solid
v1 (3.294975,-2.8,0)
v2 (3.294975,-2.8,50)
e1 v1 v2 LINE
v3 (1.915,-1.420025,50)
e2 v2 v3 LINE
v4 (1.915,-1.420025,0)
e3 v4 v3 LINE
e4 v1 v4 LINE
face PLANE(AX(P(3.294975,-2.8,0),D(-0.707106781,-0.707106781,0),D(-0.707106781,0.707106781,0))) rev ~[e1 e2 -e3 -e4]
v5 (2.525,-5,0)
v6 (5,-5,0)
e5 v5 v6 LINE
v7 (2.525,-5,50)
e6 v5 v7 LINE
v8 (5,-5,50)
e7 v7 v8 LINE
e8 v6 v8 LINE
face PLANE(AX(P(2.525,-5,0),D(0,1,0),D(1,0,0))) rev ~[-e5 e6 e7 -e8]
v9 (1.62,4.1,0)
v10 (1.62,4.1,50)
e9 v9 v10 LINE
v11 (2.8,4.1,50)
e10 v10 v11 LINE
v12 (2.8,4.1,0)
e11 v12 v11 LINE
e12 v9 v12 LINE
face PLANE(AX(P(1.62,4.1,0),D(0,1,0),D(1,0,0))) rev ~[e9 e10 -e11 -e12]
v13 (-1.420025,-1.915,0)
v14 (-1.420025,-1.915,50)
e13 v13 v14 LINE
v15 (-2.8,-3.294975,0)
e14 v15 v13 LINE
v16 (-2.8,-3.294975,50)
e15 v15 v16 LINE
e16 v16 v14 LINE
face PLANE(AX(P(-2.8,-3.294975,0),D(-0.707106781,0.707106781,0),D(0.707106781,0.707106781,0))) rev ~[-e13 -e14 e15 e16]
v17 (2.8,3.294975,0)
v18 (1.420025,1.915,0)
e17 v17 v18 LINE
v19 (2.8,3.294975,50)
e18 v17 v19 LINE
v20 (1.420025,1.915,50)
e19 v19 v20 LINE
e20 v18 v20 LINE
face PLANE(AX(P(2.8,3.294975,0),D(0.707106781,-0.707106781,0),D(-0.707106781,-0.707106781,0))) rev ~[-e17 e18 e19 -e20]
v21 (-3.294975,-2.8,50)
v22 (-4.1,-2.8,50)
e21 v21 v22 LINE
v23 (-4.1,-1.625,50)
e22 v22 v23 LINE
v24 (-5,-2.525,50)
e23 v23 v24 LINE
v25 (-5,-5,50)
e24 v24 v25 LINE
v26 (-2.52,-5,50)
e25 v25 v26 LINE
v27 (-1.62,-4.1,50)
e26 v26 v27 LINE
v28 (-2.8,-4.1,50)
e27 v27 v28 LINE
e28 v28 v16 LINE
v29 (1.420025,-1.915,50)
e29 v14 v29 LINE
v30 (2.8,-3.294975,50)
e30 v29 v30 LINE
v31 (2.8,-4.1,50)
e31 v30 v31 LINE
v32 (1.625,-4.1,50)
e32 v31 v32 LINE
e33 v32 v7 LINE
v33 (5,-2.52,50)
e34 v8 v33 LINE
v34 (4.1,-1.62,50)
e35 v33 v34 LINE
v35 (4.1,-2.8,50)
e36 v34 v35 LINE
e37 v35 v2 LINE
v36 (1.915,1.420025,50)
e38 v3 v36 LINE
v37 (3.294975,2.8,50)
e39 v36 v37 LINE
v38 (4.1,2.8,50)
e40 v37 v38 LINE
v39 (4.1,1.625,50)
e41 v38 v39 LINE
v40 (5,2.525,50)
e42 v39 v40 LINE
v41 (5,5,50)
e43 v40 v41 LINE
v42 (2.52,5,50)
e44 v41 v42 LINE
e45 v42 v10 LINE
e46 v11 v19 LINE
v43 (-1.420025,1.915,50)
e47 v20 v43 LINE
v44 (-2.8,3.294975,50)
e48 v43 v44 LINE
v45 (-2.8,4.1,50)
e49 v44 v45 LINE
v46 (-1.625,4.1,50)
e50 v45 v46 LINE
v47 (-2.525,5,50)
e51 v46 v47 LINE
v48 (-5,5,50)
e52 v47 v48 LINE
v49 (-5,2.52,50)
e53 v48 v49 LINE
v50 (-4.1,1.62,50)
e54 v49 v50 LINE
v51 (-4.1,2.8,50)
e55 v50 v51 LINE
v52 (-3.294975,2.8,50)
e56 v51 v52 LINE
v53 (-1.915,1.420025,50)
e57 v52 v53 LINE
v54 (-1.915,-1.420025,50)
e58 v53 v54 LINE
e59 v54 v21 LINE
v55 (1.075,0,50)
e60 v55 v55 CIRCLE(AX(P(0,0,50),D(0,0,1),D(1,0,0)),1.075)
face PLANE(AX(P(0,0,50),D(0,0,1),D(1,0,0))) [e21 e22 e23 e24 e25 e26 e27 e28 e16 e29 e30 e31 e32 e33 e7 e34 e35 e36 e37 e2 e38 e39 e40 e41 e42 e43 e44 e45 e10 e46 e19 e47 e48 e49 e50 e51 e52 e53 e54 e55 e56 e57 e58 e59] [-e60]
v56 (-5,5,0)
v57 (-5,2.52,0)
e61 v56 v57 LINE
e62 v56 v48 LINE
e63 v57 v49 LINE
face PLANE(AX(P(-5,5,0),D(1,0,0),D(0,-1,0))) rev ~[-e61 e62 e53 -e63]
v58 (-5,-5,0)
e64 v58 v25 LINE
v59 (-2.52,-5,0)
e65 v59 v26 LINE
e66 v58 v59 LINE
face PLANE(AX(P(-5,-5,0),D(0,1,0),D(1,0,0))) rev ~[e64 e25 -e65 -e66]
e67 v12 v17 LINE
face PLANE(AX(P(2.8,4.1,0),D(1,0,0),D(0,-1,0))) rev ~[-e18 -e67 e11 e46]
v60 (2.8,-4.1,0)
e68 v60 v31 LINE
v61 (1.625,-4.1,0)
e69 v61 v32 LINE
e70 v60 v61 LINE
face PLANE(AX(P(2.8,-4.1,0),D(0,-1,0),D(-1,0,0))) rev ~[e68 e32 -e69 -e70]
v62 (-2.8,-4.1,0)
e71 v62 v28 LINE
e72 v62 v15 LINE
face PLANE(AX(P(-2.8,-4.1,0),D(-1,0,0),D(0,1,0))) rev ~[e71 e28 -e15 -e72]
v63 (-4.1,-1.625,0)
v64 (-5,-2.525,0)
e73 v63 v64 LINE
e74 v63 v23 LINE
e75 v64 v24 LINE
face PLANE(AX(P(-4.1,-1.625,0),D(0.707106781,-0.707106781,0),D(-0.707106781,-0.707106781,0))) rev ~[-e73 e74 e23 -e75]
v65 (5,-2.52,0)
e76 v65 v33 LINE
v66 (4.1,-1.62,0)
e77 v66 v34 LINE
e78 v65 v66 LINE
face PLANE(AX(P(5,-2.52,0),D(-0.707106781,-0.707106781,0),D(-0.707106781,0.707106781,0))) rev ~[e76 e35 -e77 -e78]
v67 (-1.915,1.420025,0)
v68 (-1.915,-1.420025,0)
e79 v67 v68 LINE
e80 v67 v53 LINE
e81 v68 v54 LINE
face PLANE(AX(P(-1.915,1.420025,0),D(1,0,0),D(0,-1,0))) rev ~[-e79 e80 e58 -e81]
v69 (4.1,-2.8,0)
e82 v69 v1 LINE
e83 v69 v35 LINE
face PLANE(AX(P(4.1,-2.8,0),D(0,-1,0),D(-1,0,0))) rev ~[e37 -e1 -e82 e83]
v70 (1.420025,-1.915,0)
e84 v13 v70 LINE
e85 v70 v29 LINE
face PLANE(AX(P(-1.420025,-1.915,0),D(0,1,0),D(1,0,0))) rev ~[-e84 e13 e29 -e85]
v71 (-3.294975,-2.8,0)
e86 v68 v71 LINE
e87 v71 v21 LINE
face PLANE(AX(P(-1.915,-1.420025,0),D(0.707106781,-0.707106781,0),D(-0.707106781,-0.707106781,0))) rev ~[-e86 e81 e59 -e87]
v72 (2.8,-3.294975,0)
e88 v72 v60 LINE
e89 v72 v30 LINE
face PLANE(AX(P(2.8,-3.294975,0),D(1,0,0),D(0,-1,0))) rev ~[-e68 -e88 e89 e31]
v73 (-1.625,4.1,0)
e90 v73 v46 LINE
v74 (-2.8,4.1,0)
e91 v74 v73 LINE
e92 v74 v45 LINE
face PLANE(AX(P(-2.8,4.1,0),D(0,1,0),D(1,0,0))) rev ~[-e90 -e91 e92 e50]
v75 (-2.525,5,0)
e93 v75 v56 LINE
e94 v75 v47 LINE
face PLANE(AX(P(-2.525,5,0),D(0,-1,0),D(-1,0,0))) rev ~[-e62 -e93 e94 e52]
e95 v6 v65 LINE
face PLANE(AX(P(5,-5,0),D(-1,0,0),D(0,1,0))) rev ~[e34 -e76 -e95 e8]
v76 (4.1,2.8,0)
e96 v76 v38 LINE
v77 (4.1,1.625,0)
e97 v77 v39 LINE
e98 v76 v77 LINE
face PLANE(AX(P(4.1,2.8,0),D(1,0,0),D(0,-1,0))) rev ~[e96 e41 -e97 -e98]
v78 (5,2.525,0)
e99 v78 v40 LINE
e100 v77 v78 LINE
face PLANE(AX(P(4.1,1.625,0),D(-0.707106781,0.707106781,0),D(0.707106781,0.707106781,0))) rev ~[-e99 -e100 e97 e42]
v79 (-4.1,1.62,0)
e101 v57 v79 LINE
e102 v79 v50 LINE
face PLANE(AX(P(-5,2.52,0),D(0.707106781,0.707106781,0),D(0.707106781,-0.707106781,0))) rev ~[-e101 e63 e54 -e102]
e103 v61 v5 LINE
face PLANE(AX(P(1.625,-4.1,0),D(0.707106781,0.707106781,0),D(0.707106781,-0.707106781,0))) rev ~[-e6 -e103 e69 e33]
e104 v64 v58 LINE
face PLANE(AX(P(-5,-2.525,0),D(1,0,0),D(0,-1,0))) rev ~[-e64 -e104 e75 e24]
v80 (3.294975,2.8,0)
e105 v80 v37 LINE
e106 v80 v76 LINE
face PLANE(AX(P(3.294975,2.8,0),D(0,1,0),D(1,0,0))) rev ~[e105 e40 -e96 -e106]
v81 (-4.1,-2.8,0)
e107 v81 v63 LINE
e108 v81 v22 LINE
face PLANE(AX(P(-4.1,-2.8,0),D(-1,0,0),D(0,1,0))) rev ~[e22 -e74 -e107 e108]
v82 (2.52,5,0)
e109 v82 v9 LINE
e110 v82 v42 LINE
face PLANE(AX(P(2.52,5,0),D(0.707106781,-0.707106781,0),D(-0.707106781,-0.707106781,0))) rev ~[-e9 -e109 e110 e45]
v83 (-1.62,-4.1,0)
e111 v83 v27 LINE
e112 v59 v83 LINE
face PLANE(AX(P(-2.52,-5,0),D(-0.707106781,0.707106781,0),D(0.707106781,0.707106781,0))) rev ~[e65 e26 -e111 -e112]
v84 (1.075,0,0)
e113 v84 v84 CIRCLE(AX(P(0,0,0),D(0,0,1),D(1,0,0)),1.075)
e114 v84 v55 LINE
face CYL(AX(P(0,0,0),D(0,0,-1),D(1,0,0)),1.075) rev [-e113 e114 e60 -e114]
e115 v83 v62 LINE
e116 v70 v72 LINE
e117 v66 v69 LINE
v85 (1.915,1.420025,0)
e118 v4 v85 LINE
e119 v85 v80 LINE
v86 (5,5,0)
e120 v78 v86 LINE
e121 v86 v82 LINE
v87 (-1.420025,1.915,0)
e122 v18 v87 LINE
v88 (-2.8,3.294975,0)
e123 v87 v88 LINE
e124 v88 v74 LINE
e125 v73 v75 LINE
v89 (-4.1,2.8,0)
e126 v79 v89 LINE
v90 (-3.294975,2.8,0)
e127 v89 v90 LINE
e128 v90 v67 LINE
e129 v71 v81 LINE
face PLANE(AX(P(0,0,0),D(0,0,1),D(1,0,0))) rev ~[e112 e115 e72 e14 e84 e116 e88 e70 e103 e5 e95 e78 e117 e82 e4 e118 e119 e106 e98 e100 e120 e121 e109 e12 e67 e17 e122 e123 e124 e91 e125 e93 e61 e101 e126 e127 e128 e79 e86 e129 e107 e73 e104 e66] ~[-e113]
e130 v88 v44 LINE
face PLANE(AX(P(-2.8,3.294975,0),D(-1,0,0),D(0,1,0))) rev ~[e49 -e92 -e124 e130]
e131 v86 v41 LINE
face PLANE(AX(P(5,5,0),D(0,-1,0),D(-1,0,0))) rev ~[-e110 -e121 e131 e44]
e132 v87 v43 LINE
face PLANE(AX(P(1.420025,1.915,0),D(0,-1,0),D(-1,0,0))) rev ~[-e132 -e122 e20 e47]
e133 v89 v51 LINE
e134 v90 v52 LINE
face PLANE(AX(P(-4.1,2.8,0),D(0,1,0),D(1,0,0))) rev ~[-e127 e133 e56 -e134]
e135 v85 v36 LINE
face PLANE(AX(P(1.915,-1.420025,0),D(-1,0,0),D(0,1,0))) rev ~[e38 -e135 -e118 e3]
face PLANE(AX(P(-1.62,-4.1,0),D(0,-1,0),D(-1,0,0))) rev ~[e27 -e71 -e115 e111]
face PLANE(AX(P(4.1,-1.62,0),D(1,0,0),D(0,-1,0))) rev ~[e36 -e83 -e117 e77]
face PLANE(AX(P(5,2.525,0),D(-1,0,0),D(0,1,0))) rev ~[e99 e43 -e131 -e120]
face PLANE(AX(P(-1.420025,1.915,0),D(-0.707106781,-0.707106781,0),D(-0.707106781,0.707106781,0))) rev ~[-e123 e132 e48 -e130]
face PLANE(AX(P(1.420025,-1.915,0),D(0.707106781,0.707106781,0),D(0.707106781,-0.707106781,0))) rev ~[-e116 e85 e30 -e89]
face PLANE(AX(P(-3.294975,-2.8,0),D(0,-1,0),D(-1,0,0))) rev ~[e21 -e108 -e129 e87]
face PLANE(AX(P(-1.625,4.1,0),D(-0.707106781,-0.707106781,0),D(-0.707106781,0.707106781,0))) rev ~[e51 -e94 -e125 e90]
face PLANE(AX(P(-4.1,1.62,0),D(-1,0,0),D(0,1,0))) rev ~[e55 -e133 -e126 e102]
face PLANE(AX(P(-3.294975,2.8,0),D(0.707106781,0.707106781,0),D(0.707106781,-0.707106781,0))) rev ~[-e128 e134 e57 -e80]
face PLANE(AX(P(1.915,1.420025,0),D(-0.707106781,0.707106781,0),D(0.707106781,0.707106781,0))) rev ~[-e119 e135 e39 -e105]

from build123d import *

# Parameters (mm, degrees)
CROQUIS1_R              = 1.075
SALIENTE_EXTRUIR1_DEPTH = 50


with BuildPart() as part:
    # Croquis1 → Saliente-Extruir1 (new body)
    with BuildSketch(Plane.XY):
        Polygon((-1.420025253, 1.915), (-2.8, 3.294974747), (-2.8, 4.1), (-1.625, 4.1), (-2.525, 5), (-5, 5), (-5, 2.52), (-4.1, 1.62), (-4.1, 2.8), (-3.294974747, 2.8), (-1.915, 1.420025253), (-1.915, -1.420025253), (-3.294974747, -2.8), (-4.1, -2.8), (-4.1, -1.625), (-5, -2.525), (-5, -5), (-2.52, -5), (-1.62, -4.1), (-2.8, -4.1), (-2.8, -3.294974747), (-1.420025253, -1.915), (1.420025253, -1.915), (2.8, -3.294974747), (2.8, -4.1), (1.625, -4.1), (2.525, -5), (5, -5), (5, -2.52), (4.1, -1.62), (4.1, -2.8), (3.294974747, -2.8), (1.915, -1.420025253), (1.915, 1.420025253), (3.294974747, 2.8), (4.1, 2.8), (4.1, 1.625), (5, 2.525), (5, 5), (2.52, 5), (1.62, 4.1), (2.8, 4.1), (2.8, 3.294974747), (1.420025253, 1.915), align=None)
        Circle(CROQUIS1_R, mode=Mode.SUBTRACT)
    extrude(amount=SALIENTE_EXTRUIR1_DEPTH)


solid = part.part
